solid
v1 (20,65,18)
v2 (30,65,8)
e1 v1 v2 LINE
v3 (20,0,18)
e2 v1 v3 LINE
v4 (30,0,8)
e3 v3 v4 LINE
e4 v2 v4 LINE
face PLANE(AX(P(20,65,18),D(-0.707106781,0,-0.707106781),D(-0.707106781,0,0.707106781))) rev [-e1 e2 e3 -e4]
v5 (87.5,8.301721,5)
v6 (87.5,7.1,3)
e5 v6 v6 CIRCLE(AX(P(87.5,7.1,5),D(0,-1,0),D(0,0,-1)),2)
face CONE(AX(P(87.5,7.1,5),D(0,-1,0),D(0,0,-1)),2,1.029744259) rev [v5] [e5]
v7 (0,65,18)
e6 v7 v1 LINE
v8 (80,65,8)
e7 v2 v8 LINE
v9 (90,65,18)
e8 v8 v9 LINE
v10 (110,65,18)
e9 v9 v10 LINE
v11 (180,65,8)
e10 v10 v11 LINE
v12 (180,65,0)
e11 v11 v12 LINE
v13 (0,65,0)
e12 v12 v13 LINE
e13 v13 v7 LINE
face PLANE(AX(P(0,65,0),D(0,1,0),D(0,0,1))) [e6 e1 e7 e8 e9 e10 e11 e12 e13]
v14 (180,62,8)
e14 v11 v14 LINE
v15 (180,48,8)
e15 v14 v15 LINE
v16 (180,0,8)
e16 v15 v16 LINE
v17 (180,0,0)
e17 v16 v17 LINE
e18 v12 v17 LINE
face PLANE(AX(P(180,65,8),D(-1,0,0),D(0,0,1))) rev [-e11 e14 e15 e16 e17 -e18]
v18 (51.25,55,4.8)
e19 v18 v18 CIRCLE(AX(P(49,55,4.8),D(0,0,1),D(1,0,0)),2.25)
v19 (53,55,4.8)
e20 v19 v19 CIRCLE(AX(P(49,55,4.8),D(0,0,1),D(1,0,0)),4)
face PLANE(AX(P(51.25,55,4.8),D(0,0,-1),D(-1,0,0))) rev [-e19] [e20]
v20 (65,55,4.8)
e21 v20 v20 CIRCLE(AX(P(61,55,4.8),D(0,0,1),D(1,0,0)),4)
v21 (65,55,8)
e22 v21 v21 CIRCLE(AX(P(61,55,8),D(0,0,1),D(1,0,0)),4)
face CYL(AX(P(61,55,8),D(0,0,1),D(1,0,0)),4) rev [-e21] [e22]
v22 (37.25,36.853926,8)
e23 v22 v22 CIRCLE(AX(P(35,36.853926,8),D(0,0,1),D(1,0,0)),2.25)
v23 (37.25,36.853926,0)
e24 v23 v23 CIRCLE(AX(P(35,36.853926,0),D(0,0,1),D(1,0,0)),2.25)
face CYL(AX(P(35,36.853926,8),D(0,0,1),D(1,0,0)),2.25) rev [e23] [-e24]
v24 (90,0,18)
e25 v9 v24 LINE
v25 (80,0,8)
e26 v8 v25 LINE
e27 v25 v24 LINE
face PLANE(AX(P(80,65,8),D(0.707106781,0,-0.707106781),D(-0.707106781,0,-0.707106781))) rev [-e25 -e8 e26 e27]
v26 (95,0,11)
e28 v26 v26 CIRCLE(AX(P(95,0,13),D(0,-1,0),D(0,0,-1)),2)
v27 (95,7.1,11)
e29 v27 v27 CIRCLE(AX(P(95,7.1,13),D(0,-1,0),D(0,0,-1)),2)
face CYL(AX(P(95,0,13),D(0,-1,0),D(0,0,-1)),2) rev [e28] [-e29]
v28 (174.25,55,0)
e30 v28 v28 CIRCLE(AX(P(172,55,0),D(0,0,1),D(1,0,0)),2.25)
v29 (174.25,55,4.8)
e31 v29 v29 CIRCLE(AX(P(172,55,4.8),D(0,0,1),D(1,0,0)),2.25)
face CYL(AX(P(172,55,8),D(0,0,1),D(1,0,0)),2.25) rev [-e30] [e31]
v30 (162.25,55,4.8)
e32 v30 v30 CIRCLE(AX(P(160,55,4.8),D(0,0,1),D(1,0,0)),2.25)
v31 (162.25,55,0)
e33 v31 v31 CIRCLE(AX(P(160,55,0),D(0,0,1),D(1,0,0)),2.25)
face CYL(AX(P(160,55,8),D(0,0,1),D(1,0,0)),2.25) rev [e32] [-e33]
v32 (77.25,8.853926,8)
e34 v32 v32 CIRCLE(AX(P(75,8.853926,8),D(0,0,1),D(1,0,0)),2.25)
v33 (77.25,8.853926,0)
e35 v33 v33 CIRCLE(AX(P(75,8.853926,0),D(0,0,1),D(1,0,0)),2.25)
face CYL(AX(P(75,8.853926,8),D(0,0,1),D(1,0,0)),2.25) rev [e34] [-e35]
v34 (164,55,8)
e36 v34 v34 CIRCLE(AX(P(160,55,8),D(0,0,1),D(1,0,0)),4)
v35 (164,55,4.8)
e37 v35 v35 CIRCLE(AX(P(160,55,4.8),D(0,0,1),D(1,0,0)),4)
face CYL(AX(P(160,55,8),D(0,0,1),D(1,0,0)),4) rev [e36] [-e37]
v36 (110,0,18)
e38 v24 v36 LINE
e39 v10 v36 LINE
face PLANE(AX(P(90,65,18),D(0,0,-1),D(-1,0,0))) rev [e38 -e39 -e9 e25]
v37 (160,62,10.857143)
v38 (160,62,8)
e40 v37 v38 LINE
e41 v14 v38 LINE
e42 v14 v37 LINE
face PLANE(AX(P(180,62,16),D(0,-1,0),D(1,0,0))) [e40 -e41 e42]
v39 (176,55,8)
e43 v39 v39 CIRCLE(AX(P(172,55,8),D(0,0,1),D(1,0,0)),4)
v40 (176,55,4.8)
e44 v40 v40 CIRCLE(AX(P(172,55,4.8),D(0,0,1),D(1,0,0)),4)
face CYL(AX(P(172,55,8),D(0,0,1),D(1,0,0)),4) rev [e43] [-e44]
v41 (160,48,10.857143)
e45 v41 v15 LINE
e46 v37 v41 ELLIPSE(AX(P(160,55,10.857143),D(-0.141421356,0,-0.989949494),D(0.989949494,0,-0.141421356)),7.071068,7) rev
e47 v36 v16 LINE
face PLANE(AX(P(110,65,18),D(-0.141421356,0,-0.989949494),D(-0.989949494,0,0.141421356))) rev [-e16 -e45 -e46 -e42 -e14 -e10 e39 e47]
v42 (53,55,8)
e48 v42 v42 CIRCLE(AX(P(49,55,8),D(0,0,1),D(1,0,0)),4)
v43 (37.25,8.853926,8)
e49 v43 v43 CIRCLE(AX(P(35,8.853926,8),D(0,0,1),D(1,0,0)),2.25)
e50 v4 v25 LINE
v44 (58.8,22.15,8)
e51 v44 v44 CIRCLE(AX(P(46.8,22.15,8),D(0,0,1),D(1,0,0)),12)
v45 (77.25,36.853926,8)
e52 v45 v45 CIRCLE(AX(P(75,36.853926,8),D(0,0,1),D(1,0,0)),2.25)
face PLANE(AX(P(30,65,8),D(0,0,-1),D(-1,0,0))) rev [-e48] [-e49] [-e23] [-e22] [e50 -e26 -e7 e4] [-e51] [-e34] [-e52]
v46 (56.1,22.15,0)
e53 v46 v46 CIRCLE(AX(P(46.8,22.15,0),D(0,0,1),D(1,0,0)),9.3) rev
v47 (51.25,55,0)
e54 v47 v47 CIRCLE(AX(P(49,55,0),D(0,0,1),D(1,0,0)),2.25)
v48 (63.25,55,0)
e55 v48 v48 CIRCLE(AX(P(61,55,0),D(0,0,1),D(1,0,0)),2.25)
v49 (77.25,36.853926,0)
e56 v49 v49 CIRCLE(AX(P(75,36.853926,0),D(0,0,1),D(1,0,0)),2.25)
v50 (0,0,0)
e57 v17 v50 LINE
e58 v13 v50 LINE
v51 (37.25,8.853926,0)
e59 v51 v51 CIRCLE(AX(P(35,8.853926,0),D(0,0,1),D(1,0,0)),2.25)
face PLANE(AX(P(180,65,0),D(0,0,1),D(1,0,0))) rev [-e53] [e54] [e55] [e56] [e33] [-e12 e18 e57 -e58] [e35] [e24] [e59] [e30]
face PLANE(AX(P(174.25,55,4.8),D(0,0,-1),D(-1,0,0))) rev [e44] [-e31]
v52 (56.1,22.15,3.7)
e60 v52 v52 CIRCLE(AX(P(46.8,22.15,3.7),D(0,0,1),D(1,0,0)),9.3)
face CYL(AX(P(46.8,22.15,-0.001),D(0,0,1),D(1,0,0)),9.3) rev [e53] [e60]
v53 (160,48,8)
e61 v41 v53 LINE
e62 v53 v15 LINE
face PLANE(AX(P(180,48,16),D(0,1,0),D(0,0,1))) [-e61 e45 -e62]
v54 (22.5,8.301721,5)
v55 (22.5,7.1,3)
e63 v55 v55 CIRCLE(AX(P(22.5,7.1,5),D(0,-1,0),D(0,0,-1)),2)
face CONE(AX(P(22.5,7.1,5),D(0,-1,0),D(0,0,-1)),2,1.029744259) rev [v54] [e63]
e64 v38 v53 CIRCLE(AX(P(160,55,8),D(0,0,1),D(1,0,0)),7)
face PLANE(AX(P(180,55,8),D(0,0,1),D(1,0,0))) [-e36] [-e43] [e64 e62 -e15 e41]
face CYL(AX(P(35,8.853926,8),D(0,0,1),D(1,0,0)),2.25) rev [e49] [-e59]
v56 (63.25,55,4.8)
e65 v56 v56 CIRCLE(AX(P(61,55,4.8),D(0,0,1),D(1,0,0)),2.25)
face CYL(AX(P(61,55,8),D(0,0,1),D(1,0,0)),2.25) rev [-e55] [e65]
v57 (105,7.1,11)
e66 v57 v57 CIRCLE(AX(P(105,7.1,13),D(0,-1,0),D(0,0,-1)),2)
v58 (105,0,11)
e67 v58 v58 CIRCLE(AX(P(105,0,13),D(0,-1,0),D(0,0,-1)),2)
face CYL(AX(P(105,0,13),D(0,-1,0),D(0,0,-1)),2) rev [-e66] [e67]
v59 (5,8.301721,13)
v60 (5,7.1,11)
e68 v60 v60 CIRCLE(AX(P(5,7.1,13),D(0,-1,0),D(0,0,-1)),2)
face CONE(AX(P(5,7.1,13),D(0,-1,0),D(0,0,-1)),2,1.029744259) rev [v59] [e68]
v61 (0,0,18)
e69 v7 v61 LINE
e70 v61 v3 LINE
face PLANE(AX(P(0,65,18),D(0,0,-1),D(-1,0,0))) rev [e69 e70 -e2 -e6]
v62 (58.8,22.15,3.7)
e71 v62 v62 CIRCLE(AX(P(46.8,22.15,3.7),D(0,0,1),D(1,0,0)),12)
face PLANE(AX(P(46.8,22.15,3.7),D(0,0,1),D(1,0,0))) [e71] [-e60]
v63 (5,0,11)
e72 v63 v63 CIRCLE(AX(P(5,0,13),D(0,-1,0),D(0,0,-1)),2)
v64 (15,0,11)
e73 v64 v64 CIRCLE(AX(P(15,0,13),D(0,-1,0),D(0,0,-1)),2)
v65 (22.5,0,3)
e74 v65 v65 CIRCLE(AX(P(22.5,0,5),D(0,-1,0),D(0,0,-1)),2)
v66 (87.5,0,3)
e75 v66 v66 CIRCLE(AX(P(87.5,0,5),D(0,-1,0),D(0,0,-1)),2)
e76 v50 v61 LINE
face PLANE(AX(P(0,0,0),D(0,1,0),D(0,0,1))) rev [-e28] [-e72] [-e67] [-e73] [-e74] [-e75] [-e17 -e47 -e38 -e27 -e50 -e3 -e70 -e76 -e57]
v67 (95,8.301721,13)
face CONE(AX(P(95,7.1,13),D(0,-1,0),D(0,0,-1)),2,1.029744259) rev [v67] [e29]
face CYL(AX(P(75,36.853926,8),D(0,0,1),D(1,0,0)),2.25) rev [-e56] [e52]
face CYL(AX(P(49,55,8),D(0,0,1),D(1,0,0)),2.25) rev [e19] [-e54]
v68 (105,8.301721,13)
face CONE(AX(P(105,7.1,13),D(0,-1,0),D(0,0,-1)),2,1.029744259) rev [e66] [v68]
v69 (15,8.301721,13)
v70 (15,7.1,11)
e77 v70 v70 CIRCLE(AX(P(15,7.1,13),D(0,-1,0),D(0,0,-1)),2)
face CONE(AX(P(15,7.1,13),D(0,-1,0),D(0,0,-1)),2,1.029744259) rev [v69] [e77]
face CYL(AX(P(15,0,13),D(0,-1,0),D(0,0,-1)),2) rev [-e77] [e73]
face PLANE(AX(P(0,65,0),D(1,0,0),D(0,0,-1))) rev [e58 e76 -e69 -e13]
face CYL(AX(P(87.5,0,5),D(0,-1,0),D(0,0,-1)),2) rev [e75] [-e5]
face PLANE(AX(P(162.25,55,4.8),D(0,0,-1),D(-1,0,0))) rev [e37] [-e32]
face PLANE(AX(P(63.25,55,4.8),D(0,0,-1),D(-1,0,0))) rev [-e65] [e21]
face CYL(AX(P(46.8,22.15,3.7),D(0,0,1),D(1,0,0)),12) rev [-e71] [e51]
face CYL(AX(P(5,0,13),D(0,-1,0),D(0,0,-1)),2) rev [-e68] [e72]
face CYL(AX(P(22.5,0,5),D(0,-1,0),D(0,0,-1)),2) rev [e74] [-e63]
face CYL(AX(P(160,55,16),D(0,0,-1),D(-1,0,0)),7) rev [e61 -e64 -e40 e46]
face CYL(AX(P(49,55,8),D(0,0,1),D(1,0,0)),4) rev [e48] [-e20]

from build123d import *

# Parameters (mm, degrees)
BOSS_EXTRUDE1_DEPTH                                 = 65
F_4_0MM_DOWEL_HOLE1_D                               = 4
F_4_0MM_DOWEL_HOLE1_DEPTH                           = 7.1
F_4_0MM_DOWEL_HOLE1_TIP                             = 1.201721238
CUT_EXTRUDE1_START                                  = 8
CUT_EXTRUDE1_DEPTH                                  = 8
CBORE_FOR_M4_HEX_SOCKET_HEAD_CAP_SCREW1_D           = 4.5
CBORE_FOR_M4_HEX_SOCKET_HEAD_CAP_SCREW1_DEPTH       = 8
CBORE_FOR_M4_HEX_SOCKET_HEAD_CAP_SCREW1_CBORE_D     = 8
CBORE_FOR_M4_HEX_SOCKET_HEAD_CAP_SCREW1_CBORE_DEPTH = 3.2
SKETCH8_R                                           = 12
CUT_EXTRUDE2_DEPTH                                  = 4.3
CUT_EXTRUDE3_REACH                                  = 5.7
SKETCH9_R                                           = 9.3
M4_CLEARANCE_HOLE1_D                                = 4.5
M4_CLEARANCE_HOLE1_DEPTH                            = 8


with BuildPart() as part:
    # Sketch2 → Boss-Extrude1 (new body)
    with BuildSketch(Plane(origin=(0, 0, 0), x_dir=(1, 0, 0), z_dir=(0, 1, 0))):
        Polygon((180, 0), (0, 0), (0, -18), (20, -18), (30, -8), (80, -8), (90, -18), (110, -18), (180, -8), align=None)
    extrude(amount=BOSS_EXTRUDE1_DEPTH)

    # Ø4.0mm Dowel Hole1
    with Locations(Plane(origin=(0, 0, 0), x_dir=(-1, 0, 0), z_dir=(0, -1, 0))):
        with Locations((-5, -13), (-15, -13), (-95, -13), (-105, -13), (-22.5, -5), (-87.5, -5)):
            Hole(F_4_0MM_DOWEL_HOLE1_D / 2, depth=F_4_0MM_DOWEL_HOLE1_DEPTH)
            with Locations((0, 0, -(F_4_0MM_DOWEL_HOLE1_DEPTH + F_4_0MM_DOWEL_HOLE1_TIP / 2))):  # 118° drill point
                Cone(0, F_4_0MM_DOWEL_HOLE1_D / 2, F_4_0MM_DOWEL_HOLE1_TIP, mode=Mode.SUBTRACT)

    # Sketch5 → Cut-Extrude1 (cut)
    with BuildSketch(Plane.XY.offset(CUT_EXTRUDE1_START)):
        with BuildLine():
            Line((180, 48), (160, 48))
            ThreePointArc((160, 48), (153, 55), (160, 62))
            Line((160, 62), (180, 62))
            ThreePointArc((180, 62), (187, 55), (180, 48))
        make_face()
    extrude(amount=CUT_EXTRUDE1_DEPTH, mode=Mode.SUBTRACT)

    # CBORE for M4 Hex Socket Head Cap Screw1
    with Locations(Plane.XY.offset(8)):
        with Locations((160, 55), (172, 55), (49, 55), (61, 55)):
            CounterBoreHole(CBORE_FOR_M4_HEX_SOCKET_HEAD_CAP_SCREW1_D / 2, CBORE_FOR_M4_HEX_SOCKET_HEAD_CAP_SCREW1_CBORE_D / 2, CBORE_FOR_M4_HEX_SOCKET_HEAD_CAP_SCREW1_CBORE_DEPTH, depth=CBORE_FOR_M4_HEX_SOCKET_HEAD_CAP_SCREW1_DEPTH)

    # Sketch8 → Cut-Extrude2 (cut)
    with BuildSketch(Plane.XY.offset(8)):
        with Locations((46.8, 22.15)):
            Circle(SKETCH8_R)
    extrude(amount=-CUT_EXTRUDE2_DEPTH, mode=Mode.SUBTRACT)

    # Sketch9 → Cut-Extrude3 (cut, up to next)
    with BuildSketch(Plane.XY.offset(3.7), mode=Mode.PRIVATE) as cut_extrude3_sk1:
        with Locations((46.8, 22.15)):
            Circle(SKETCH9_R)
    cut_extrude3_tool1 = extrude(cut_extrude3_sk1.sketch, amount=-CUT_EXTRUDE3_REACH, mode=Mode.PRIVATE) & part.part
    add(cut_extrude3_tool1.solids().sort_by_distance((46.8, 22.15, 3.7))[0], mode=Mode.SUBTRACT)

    # M4 Clearance Hole1
    with Locations(Plane.XY.offset(8)):
        with Locations((35, 36.853925583), (75, 36.853925583), (75, 8.853925583), (35, 8.853925583)):
            Hole(M4_CLEARANCE_HOLE1_D / 2, depth=M4_CLEARANCE_HOLE1_DEPTH)


solid = part.part
